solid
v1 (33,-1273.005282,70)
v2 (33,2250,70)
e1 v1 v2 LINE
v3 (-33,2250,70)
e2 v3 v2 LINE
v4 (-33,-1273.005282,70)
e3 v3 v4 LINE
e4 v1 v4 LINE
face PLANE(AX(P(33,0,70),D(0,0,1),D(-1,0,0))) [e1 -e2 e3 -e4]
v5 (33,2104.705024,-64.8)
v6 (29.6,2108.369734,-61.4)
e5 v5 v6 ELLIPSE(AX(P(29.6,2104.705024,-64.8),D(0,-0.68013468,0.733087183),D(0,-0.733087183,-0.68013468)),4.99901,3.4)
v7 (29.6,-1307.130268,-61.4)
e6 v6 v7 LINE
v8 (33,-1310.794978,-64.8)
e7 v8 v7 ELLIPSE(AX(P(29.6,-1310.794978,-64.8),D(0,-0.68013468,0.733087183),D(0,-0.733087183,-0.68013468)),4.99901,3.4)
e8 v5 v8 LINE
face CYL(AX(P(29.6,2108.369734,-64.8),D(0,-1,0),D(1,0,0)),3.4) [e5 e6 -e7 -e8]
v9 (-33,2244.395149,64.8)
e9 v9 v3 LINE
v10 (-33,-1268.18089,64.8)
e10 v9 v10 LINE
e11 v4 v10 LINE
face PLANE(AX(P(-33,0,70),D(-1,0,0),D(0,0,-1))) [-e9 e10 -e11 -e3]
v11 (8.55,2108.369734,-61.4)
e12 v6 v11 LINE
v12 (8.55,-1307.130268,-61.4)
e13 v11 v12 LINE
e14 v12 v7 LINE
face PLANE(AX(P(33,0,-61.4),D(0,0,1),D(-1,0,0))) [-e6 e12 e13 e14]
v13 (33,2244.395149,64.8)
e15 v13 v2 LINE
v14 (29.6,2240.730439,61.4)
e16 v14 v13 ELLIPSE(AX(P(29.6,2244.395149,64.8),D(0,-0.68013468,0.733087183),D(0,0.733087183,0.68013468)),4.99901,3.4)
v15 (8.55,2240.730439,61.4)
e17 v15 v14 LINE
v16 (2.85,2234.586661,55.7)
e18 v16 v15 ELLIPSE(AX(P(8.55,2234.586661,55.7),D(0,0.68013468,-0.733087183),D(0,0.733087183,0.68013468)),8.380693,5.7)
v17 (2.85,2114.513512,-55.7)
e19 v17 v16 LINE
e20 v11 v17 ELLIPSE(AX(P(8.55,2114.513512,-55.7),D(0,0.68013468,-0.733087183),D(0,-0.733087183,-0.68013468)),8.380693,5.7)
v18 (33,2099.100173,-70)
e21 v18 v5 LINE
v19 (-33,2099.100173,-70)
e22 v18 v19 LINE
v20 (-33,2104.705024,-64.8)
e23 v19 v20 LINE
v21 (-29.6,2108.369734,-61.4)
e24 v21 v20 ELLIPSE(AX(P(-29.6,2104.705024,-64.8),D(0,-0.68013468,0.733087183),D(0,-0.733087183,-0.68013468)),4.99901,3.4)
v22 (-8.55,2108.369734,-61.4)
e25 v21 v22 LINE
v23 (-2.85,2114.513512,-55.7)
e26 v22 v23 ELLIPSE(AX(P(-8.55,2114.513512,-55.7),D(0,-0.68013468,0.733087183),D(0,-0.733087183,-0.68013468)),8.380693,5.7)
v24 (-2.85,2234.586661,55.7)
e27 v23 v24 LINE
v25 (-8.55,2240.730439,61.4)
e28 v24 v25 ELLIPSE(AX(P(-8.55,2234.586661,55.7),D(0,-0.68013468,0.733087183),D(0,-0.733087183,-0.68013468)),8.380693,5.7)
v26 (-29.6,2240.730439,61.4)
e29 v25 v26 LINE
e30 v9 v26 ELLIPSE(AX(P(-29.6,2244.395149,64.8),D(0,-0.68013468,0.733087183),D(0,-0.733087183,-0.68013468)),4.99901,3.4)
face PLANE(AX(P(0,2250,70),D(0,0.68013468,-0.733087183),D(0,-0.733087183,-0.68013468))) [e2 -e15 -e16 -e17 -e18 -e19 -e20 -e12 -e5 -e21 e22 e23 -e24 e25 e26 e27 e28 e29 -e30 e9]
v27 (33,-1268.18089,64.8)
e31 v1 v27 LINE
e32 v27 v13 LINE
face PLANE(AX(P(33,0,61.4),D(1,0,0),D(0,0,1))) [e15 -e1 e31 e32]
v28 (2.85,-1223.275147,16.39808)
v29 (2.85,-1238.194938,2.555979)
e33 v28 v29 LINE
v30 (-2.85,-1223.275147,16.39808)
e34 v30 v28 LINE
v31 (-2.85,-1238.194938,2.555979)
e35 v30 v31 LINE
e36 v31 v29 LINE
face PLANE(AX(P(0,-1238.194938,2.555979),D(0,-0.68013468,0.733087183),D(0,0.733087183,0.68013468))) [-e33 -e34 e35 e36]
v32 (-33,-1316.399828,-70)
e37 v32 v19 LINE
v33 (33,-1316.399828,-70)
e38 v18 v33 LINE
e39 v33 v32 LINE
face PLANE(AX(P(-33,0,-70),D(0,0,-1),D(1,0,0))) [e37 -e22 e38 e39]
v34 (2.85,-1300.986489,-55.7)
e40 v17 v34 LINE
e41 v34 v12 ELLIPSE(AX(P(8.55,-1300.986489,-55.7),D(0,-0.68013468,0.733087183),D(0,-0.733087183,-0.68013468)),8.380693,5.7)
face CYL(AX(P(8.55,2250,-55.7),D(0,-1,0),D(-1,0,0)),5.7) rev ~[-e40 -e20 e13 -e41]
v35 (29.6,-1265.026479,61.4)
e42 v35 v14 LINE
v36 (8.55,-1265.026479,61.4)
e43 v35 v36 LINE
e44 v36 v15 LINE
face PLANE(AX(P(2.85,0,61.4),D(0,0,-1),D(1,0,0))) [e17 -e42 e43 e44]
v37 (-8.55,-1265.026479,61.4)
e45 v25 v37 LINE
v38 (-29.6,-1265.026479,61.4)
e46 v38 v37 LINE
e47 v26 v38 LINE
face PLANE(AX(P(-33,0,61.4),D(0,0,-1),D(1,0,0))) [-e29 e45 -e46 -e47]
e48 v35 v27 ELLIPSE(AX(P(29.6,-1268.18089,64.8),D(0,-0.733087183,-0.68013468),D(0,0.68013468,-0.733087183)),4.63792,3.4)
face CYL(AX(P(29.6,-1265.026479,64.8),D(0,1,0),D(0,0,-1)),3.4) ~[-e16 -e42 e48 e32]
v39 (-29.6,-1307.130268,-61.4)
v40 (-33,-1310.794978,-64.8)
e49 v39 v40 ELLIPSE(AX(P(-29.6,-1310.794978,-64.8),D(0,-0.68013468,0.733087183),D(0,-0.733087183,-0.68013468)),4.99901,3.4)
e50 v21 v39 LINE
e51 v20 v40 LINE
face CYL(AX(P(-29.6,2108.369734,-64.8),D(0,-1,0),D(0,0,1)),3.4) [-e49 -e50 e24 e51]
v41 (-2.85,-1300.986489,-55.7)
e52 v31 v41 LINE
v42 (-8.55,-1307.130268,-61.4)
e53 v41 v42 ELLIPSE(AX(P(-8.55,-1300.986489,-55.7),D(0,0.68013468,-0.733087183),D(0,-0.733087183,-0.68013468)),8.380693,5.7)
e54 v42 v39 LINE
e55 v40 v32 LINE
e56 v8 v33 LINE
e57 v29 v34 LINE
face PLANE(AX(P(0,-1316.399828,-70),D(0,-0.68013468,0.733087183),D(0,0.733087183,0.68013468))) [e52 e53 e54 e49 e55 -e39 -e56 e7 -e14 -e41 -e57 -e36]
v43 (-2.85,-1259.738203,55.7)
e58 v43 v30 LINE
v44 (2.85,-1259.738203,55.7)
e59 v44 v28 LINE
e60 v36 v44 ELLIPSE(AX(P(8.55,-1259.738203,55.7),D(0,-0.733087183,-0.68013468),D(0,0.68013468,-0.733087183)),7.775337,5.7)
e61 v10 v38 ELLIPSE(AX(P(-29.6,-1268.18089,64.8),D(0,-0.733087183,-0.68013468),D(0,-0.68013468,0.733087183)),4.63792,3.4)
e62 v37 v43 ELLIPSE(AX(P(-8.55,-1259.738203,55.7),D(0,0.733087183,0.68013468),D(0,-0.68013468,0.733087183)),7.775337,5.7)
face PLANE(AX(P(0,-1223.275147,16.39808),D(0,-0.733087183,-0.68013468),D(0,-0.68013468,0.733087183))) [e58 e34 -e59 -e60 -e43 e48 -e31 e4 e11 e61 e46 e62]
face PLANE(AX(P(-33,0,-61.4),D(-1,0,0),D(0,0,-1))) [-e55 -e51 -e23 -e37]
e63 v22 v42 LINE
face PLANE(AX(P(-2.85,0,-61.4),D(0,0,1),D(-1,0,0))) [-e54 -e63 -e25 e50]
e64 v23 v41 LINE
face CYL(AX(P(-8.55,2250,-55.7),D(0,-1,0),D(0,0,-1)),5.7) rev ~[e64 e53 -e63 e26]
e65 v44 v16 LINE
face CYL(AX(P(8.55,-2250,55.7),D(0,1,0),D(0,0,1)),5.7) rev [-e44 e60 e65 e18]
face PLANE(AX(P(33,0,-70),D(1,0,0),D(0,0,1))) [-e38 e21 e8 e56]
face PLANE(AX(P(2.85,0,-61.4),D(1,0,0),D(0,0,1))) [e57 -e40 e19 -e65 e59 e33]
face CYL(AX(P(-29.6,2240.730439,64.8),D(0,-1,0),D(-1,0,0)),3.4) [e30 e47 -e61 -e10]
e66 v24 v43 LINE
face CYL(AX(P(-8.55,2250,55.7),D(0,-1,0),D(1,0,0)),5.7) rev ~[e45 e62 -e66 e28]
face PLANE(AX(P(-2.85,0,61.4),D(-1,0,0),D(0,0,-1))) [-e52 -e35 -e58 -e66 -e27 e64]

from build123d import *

# Parameters (mm, degrees)
F1_DEPTH      = 2250
F3_R          = 5.7
F4_DEPTH      = 33.001
F4_DEPTH_BACK = 33.001
F5_R          = 3.4


with BuildPart() as f1:
    # F0 (on Front) → F1 (new body, symmetric)
    with BuildSketch(Plane.XZ):
        Polygon((33, 70), (-33, 70), (-33, 61.4), (-2.85, 61.4), (-2.85, -61.4), (-33, -61.4), (-33, -70), (33, -70), (33, -61.4), (2.85, -61.4), (2.85, 61.4), (33, 61.4), align=None)
    extrude(amount=F1_DEPTH, both=True)

    # F3
    f3_edges = [f1.edges().sort_by_distance(p)[0] for p in [
        (2.85, 0, 61.4),
        (-2.85, 0, 61.4),
        (-2.85, 0, -61.4),
        (2.85, 0, -61.4),
    ]]
    fillet(f3_edges, radius=F3_R)

    # F2 (on Right) → F4 (cut, two sides)
    with BuildSketch(Plane.YZ) as f4_sk:
        Polygon((2250, 70), (423.9320166035, -1624.1670688611), (2250, -1624.1670688611), align=None)
        Polygon((-2250, -1624.1670688611), (423.9320166035, -1624.1670688611), (-1075.5892073123, -70), (-1316.3998283823, -70), (-1238.1949375756, 2.5559792041), (-1223.2751472361, 16.3980802087), (-1273.0052822386, 70), (-1300.7673281235, 70), (-2250, 70), align=None)
        Polygon((2744.5735228311, 942.9355427669), (2904.1863174438, 1091.019153595), (2607.1863174438, 1091.019153595), align=None)
    extrude(amount=-F4_DEPTH, mode=Mode.SUBTRACT)
    extrude(f4_sk.sketch, amount=F4_DEPTH_BACK, mode=Mode.SUBTRACT)

    # F5
    f5_edges = [f1.edges().sort_by_distance(p)[0] for p in [
        (33, 487.85198, 61.4),
        (-33, 487.85198, 61.4),
        (33, 400.619733, -61.4),
        (-33, 400.619733, -61.4),
    ]]
    fillet(f5_edges, radius=F5_R)


solid = f1.part
